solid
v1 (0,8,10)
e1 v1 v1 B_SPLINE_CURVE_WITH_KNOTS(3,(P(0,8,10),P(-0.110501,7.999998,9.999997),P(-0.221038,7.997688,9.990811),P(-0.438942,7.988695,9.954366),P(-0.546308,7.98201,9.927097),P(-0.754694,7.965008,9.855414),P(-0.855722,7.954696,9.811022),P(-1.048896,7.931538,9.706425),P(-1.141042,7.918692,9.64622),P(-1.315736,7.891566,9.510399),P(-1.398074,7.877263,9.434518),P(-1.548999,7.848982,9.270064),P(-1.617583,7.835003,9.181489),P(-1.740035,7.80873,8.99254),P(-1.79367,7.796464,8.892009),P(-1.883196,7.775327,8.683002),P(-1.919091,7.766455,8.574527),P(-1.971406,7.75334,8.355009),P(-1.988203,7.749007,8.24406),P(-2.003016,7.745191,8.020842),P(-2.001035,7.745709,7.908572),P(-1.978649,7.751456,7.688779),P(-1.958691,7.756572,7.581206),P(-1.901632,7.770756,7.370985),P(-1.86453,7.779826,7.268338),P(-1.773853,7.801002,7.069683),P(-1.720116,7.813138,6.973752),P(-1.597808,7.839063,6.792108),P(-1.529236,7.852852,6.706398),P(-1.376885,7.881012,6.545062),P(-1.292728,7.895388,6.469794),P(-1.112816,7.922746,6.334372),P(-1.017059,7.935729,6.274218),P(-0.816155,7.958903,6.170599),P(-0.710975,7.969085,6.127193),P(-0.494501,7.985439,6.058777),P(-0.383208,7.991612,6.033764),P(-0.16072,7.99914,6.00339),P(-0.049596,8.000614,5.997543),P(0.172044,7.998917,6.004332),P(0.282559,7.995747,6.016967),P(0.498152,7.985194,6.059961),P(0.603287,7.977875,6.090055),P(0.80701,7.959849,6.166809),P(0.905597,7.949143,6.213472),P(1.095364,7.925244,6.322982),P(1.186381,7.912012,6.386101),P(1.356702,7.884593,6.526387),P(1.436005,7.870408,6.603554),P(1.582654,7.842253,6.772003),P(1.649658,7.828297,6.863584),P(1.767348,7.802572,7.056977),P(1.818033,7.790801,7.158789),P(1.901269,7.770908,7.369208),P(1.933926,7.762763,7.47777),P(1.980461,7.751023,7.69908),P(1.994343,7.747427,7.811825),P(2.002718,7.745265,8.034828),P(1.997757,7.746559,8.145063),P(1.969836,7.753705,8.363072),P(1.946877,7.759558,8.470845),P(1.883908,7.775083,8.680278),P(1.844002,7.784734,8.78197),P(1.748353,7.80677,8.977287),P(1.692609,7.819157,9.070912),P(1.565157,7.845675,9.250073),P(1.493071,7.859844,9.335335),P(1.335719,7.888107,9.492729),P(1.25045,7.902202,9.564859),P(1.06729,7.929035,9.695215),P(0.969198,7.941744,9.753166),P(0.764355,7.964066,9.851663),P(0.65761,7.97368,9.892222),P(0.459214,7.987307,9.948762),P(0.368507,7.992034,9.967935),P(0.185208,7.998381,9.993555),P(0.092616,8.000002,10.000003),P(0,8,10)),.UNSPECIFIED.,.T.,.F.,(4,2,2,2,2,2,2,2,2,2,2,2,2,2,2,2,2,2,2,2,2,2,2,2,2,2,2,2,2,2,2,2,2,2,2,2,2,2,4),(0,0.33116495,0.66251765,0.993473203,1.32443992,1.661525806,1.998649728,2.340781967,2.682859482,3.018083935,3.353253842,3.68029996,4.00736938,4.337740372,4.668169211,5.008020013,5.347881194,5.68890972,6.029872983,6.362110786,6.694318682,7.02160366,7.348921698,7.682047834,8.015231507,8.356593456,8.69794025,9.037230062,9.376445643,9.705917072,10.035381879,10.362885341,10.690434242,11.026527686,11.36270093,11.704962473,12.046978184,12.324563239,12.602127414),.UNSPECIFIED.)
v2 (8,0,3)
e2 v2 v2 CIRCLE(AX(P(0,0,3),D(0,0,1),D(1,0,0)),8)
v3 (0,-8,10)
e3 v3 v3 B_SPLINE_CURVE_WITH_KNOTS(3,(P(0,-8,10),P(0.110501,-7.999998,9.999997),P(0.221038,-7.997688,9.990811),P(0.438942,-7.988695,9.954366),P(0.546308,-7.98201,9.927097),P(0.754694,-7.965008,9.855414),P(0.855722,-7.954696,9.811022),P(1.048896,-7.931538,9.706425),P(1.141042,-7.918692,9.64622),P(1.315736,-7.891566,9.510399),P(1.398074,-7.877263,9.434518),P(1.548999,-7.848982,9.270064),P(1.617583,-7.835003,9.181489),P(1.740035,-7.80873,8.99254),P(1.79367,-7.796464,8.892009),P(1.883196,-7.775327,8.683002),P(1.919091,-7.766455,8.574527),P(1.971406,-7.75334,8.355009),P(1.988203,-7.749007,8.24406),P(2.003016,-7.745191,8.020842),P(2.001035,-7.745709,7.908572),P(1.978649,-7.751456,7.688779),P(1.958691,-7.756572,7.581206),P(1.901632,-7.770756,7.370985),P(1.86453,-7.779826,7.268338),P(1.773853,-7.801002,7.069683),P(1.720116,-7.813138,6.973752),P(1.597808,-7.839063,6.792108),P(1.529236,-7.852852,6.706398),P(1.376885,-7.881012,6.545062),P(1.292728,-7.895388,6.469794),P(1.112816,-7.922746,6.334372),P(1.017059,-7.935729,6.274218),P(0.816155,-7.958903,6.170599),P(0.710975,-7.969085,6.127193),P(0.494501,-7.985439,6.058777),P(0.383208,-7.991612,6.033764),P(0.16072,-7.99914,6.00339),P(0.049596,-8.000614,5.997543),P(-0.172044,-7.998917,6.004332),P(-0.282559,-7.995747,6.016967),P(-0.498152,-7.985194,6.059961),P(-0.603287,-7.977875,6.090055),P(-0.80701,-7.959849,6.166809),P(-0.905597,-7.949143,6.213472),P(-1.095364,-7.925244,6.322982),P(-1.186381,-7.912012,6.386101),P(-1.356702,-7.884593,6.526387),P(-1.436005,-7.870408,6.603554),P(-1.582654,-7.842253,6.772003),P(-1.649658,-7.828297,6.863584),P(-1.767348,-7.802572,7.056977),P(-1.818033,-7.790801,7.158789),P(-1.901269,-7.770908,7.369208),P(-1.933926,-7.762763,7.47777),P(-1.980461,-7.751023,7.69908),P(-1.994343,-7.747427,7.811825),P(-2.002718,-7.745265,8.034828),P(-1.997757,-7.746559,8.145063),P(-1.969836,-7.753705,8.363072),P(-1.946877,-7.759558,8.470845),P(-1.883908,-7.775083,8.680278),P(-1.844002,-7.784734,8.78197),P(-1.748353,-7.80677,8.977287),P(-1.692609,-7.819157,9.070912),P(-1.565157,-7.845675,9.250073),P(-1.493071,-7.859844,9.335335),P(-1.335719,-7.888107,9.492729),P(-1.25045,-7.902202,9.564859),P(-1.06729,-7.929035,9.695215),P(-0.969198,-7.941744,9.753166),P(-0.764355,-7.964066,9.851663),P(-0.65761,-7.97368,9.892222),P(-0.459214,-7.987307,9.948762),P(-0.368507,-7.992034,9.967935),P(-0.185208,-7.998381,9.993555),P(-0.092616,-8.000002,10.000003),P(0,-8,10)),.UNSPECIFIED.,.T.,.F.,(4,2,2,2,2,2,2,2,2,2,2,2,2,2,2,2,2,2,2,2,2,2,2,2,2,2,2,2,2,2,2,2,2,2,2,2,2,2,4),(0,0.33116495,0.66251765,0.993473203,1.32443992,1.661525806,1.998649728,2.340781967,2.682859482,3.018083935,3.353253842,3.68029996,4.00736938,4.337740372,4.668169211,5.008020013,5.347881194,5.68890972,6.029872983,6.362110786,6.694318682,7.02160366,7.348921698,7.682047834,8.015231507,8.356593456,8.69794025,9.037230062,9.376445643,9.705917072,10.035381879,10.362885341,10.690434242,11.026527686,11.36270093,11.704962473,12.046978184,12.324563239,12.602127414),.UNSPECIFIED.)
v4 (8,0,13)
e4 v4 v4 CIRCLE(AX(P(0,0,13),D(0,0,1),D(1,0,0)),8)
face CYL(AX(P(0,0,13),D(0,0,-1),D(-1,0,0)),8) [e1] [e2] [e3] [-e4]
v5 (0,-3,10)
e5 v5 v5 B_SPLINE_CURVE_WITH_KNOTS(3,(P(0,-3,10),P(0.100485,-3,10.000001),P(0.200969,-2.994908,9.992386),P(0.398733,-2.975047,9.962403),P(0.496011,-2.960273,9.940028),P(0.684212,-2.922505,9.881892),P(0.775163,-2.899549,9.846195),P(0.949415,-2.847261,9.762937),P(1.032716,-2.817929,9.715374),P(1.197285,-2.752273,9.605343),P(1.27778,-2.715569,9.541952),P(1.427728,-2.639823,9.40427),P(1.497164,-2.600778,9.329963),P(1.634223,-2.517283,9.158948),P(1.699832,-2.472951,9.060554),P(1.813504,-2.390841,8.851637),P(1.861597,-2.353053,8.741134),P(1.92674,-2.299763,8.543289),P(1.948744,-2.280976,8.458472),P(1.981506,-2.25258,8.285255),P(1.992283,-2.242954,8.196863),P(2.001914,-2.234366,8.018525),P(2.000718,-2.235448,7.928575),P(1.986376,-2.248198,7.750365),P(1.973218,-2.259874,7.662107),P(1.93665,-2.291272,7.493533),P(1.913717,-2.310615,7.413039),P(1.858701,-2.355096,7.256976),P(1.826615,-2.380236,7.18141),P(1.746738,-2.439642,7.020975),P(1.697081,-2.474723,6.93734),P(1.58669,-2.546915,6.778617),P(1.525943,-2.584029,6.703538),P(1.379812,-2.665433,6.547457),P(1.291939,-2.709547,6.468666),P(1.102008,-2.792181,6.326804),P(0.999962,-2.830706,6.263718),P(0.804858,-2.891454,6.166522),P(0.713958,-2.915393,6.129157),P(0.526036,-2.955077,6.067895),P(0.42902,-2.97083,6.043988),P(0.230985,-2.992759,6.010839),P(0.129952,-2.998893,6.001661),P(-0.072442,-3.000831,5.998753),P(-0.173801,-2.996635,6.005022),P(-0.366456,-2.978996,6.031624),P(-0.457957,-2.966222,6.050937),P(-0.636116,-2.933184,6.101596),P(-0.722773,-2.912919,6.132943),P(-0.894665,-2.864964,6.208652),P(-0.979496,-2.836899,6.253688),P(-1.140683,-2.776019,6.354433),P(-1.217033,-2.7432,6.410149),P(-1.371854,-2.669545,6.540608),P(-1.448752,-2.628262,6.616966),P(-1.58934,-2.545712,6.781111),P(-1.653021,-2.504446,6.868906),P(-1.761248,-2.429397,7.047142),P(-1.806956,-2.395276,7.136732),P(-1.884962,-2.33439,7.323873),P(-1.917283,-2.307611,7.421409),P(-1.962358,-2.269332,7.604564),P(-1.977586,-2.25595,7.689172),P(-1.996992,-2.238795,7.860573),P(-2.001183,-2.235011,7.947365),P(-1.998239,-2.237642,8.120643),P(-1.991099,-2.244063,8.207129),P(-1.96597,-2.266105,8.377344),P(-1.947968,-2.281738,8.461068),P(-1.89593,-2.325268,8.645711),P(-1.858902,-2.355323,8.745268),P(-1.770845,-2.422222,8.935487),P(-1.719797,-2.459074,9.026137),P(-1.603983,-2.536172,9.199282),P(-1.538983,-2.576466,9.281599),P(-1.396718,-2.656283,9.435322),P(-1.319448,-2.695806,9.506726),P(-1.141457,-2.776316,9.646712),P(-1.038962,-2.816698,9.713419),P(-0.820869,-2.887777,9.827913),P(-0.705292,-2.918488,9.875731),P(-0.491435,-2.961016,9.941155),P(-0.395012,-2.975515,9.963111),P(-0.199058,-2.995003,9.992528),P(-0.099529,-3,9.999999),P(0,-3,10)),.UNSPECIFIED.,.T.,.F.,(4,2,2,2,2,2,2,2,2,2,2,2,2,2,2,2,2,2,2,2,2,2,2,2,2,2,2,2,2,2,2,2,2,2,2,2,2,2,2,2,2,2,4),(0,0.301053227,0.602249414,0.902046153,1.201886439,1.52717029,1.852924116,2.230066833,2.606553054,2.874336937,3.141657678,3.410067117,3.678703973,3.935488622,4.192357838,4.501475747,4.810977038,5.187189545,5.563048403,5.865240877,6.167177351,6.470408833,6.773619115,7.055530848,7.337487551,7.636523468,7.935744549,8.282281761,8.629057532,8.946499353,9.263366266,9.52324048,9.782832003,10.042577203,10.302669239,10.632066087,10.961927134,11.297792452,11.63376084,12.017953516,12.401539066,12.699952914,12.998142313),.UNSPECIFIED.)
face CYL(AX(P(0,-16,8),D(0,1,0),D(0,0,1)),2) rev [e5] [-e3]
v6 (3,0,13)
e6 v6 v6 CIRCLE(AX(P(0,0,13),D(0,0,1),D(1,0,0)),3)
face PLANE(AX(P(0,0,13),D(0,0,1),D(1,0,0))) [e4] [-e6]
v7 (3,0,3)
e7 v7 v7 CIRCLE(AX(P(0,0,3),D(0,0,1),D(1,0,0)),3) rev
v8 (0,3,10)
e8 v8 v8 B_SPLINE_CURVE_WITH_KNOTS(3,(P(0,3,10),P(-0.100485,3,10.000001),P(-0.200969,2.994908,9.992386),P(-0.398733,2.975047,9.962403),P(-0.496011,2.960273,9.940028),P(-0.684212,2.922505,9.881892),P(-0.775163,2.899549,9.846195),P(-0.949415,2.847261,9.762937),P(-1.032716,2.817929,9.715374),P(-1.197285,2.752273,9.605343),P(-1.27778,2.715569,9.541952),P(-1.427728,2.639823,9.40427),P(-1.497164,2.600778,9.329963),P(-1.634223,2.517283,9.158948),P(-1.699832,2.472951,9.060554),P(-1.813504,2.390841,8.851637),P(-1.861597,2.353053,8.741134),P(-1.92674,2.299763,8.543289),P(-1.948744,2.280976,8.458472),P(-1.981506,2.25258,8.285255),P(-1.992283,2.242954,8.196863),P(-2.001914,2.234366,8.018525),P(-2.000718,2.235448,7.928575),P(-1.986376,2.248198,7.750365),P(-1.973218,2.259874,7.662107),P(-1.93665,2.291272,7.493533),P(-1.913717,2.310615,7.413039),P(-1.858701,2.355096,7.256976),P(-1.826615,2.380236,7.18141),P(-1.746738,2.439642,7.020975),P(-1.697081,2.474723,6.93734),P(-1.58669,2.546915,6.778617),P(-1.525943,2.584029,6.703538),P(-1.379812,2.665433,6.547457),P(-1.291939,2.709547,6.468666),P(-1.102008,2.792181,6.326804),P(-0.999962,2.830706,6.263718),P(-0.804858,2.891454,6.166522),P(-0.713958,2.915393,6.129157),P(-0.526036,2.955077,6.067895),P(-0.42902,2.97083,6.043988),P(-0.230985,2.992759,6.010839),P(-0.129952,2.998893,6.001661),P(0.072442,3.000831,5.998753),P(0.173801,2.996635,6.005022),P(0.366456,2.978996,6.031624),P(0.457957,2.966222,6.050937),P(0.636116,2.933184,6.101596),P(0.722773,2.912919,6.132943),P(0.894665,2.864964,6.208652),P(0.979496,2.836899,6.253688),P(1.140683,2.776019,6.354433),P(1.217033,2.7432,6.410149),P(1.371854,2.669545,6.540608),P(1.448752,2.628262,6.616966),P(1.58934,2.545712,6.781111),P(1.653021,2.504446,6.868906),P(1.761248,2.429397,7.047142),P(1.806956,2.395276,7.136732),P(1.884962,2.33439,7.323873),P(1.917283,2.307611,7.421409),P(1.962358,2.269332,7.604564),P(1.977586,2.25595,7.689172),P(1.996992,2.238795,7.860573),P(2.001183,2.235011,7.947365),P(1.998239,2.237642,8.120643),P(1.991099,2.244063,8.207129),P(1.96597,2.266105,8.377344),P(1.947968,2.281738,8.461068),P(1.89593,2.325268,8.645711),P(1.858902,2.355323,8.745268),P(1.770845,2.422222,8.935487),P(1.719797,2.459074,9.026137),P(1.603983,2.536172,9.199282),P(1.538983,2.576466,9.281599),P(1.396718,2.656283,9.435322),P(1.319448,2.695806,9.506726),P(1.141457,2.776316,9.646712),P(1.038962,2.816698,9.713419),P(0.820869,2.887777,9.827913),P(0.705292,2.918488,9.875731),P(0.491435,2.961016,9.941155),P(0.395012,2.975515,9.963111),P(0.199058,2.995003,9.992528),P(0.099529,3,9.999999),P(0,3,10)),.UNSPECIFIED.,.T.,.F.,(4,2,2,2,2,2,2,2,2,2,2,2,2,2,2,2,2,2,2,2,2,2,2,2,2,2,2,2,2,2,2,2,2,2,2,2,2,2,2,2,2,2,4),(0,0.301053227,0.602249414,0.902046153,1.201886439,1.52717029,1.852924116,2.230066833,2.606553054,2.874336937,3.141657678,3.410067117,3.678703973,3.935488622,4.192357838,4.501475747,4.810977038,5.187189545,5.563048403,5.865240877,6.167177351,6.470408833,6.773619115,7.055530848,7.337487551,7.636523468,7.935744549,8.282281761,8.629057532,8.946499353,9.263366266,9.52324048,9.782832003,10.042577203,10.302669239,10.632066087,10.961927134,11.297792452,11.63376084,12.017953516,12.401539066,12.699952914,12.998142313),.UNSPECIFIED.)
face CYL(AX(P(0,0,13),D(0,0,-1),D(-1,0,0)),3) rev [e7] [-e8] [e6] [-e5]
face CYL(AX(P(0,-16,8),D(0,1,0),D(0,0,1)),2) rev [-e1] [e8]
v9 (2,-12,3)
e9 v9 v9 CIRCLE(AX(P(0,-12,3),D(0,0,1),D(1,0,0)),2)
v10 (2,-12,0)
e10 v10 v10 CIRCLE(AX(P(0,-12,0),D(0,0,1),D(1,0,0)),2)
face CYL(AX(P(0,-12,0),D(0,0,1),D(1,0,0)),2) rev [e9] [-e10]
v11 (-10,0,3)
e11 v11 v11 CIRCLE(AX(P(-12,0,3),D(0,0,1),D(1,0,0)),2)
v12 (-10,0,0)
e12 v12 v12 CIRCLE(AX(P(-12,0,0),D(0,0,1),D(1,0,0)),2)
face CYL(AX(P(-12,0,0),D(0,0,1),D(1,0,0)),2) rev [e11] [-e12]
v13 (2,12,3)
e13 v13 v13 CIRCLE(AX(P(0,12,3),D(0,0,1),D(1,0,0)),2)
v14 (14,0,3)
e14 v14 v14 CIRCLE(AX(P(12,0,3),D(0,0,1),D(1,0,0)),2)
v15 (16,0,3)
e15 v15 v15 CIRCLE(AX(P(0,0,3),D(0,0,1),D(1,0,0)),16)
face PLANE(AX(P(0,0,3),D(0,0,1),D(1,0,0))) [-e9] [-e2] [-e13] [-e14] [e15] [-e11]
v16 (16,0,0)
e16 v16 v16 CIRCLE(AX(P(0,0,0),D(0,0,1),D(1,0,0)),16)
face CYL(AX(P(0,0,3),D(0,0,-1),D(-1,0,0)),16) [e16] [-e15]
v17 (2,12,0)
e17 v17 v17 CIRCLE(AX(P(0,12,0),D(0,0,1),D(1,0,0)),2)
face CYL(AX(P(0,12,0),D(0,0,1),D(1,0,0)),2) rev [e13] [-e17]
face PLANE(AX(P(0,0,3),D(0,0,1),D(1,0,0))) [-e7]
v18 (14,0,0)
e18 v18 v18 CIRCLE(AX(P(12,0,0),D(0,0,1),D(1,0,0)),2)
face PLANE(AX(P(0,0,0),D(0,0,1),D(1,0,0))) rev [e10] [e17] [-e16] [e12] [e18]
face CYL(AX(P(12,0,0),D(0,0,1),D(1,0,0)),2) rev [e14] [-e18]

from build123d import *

# Parameters (mm, degrees)
SKETCH1_R               = 16
BOSS_EXTRUDE1_DEPTH     = 3
SKETCH2_R               = 8
SKETCH2_R_2             = 3
BOSS_EXTRUDE2_DEPTH     = 10
SKETCH3_R               = 2
CUT_EXTRUDE1_DEPTH      = 25.738633754
CUT_EXTRUDE2_DEPTH      = 27.095976701
CUT_EXTRUDE2_DEPTH_BACK = 27.095976701
SKETCH4_R               = 2


with BuildPart() as part:
    # Sketch1 → Boss-Extrude1 (new body)
    with BuildSketch(Plane.XY):
        Circle(SKETCH1_R)
    extrude(amount=BOSS_EXTRUDE1_DEPTH)

    # Sketch2 → Boss-Extrude2 (add)
    with BuildSketch(Plane.XY.offset(3)):
        Circle(SKETCH2_R)
        Circle(SKETCH2_R_2, mode=Mode.SUBTRACT)
    extrude(amount=BOSS_EXTRUDE2_DEPTH)

    # Sketch3 → Cut-Extrude1 (cut, through all)
    with BuildSketch(Plane.XY.offset(3)):
        with Locations((0, 12)):
            Circle(SKETCH3_R)
        with Locations((12, 0)):
            Circle(SKETCH3_R)
        with Locations((0, -12)):
            Circle(SKETCH3_R)
        with Locations((-12, 0)):
            Circle(SKETCH3_R)
    extrude(amount=-CUT_EXTRUDE1_DEPTH, mode=Mode.SUBTRACT)

    # Sketch4 → Cut-Extrude2 (cut, two sides: drawn at the far end of the back side and taken through both)
    with BuildSketch(Plane(origin=(0, 0, 0), x_dir=(1, 0, 0), z_dir=(0, 1, 0)).offset(-CUT_EXTRUDE2_DEPTH_BACK)):
        with Locations(Location((0, -8, 0), (0, 0, 270))):
            Circle(SKETCH4_R)
    extrude(amount=CUT_EXTRUDE2_DEPTH + CUT_EXTRUDE2_DEPTH_BACK, mode=Mode.SUBTRACT)


solid = part.part
